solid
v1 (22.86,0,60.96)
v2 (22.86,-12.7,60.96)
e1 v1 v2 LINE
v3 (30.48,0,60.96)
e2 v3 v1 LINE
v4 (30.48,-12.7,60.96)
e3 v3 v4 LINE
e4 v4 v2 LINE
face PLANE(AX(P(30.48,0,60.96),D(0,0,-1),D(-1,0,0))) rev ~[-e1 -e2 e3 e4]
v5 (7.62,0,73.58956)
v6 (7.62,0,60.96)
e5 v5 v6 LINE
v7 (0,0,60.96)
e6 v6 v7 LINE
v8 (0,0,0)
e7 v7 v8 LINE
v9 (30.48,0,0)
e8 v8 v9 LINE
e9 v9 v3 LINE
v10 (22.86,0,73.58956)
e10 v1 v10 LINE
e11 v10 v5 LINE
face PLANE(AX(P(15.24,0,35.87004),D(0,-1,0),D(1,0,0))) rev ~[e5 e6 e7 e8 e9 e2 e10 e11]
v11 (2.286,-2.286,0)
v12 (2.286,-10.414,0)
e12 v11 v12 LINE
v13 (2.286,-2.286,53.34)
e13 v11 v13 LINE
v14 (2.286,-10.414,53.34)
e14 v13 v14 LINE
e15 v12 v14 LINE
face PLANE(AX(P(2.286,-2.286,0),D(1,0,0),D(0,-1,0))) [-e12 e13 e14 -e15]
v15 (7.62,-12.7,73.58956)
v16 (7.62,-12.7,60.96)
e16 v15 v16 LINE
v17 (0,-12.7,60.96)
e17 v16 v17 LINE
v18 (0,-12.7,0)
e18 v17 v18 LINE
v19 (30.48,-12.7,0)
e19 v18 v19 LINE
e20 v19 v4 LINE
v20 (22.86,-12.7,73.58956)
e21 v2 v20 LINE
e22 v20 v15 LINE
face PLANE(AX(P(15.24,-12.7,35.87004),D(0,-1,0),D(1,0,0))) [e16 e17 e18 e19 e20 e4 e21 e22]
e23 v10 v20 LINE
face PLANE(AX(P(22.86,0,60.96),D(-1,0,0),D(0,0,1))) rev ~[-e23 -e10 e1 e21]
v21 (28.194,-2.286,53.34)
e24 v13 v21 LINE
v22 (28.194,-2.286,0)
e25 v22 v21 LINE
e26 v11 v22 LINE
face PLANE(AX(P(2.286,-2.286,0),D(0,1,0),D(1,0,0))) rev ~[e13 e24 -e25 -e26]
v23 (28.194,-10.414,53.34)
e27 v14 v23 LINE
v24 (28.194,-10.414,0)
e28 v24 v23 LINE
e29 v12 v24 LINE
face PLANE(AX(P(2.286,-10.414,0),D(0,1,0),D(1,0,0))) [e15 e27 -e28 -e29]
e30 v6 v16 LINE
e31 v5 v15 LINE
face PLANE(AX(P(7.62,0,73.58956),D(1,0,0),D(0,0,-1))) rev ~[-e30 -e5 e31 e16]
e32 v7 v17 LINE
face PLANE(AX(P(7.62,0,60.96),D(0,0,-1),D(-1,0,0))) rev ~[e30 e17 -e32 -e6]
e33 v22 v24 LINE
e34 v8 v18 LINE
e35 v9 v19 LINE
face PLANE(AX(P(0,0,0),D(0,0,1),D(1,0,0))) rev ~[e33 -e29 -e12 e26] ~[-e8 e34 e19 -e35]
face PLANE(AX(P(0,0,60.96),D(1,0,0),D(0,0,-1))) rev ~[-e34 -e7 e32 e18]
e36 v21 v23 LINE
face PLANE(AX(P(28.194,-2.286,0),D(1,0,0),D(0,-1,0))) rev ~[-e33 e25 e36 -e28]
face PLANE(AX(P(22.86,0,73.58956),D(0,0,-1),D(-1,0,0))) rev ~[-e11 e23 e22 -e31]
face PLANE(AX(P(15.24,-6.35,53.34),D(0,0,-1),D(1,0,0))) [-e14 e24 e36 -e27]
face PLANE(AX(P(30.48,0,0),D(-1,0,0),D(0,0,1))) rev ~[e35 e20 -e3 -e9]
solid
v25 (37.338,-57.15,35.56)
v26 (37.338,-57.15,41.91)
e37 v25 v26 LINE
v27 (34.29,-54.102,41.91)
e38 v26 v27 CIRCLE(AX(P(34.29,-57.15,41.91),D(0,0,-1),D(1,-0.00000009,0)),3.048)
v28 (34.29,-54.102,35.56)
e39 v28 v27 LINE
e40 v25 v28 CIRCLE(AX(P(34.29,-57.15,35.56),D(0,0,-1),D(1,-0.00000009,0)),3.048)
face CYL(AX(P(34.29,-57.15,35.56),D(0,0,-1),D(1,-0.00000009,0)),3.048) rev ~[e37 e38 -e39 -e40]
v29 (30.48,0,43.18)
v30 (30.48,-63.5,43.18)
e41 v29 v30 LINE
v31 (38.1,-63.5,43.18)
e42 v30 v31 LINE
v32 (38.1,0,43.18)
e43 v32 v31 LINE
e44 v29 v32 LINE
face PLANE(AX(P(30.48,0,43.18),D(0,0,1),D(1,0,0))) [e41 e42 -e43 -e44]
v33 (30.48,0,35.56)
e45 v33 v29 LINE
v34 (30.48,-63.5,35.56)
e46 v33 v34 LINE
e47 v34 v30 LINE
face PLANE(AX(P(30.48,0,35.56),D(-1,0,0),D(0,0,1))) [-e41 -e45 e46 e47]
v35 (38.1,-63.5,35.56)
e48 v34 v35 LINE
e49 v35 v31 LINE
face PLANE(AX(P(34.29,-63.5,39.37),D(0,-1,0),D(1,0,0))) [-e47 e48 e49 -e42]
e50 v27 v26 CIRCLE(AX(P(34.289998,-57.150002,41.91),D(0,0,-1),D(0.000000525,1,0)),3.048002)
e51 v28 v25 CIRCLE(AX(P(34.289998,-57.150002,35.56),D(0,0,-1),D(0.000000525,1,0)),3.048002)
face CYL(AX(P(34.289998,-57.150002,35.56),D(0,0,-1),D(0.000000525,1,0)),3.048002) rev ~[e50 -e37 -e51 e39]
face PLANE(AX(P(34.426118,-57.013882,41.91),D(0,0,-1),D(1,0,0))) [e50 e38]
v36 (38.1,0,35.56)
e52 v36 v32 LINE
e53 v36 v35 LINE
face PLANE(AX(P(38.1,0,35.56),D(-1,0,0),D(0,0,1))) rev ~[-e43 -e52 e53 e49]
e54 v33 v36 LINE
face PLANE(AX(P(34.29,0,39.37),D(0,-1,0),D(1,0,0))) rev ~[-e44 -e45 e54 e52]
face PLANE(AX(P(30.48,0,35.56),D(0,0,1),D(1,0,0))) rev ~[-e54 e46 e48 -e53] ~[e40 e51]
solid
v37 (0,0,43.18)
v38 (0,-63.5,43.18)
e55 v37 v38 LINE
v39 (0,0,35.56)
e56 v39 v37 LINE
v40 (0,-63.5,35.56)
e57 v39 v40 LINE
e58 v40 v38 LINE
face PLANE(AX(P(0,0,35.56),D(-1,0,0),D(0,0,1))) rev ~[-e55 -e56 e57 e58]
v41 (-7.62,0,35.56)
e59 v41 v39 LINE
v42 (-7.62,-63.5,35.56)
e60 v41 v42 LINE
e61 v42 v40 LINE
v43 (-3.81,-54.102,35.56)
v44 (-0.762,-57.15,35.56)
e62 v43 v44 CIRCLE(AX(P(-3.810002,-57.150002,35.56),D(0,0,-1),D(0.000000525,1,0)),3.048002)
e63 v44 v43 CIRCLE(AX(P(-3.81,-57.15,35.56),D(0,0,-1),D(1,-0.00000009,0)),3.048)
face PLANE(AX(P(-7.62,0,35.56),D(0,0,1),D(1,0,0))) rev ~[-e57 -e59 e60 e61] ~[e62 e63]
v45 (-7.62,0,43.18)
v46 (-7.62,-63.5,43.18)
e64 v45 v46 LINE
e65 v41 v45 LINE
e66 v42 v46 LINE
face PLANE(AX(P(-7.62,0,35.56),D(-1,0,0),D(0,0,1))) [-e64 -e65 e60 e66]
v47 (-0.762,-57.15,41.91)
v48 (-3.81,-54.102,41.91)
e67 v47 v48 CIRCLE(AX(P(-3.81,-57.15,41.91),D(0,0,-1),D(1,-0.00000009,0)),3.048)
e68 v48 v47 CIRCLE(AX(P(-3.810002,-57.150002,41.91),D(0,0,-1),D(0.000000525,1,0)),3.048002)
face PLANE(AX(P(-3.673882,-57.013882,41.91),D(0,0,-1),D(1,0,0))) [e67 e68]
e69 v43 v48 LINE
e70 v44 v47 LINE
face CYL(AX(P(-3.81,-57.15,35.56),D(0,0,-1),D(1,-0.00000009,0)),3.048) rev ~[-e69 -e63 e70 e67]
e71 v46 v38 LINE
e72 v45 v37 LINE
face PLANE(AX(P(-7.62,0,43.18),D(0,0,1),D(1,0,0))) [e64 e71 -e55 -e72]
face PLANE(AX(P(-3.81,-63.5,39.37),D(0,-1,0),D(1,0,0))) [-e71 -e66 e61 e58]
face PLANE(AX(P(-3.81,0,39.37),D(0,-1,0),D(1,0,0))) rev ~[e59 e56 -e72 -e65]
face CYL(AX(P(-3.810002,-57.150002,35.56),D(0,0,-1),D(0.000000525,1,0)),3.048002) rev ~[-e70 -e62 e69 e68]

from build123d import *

# Parameters (mm, degrees)
F2_DEPTH  = 12.7
F3_W      = 7.62
F3_H      = 7.62
F4_DEPTH  = 63.5
F8_DEPTH  = 6.35
F10_DEPTH = 6.35
F11_W     = 25.908
F11_H     = 8.128
F12_DEPTH = 53.34


with BuildPart() as f2:
    # F0 (on Front) → F2 (new body)
    with BuildSketch(Plane.XZ):
        Polygon((0, 60.96), (0, 0), (30.48, 0), (30.48, 60.96), (22.86, 60.96), (22.86, 73.58956), (7.62, 73.58956), (7.62, 60.96), align=None)
    extrude(amount=F2_DEPTH)

    # F11 (on face) → F12 (cut)
    with BuildSketch(Plane(origin=(0, 0, 0), x_dir=(1, 0, 0), z_dir=(0, 0, -1))):
        with Locations((15.24, 6.35)):
            Rectangle(F11_W, F11_H)
    extrude(amount=-F12_DEPTH, mode=Mode.SUBTRACT)


with BuildPart() as f4:
    # F3 (on Front) → F4 (new body)
    with BuildSketch(Plane.XZ):
        with Locations((-3.81, 39.37)):
            Rectangle(F3_W, F3_H)
        with Locations((34.29, 39.37)):
            Rectangle(F3_W, F3_H)
    extrude(amount=F4_DEPTH)

    # F5 (on face) → F8 (cut)
    with BuildSketch(Plane(origin=(0, 0, 35.56), x_dir=(1, 0, 0), z_dir=(0, 0, -1))):
        with BuildLine():
            ThreePointArc((-0.762, 57.15), (-5.965261, 59.305261), (-3.81, 54.102))
            ThreePointArc((-3.81, 54.102), (-1.654739, 54.994739), (-0.762, 57.15))
        make_face()
    extrude(amount=-F8_DEPTH, mode=Mode.SUBTRACT)

    # F6 (on face) → F10 (cut)
    with BuildSketch(Plane(origin=(0, 0, 35.56), x_dir=(1, 0, 0), z_dir=(0, 0, -1))):
        with BuildLine():
            ThreePointArc((37.338, 57.15), (32.134739, 59.305261), (34.29, 54.102))
            ThreePointArc((34.29, 54.102), (36.445261, 54.994739), (37.338, 57.15))
        make_face()
    extrude(amount=-F10_DEPTH, mode=Mode.SUBTRACT)


solid = Compound([f2.part, f4.part])
